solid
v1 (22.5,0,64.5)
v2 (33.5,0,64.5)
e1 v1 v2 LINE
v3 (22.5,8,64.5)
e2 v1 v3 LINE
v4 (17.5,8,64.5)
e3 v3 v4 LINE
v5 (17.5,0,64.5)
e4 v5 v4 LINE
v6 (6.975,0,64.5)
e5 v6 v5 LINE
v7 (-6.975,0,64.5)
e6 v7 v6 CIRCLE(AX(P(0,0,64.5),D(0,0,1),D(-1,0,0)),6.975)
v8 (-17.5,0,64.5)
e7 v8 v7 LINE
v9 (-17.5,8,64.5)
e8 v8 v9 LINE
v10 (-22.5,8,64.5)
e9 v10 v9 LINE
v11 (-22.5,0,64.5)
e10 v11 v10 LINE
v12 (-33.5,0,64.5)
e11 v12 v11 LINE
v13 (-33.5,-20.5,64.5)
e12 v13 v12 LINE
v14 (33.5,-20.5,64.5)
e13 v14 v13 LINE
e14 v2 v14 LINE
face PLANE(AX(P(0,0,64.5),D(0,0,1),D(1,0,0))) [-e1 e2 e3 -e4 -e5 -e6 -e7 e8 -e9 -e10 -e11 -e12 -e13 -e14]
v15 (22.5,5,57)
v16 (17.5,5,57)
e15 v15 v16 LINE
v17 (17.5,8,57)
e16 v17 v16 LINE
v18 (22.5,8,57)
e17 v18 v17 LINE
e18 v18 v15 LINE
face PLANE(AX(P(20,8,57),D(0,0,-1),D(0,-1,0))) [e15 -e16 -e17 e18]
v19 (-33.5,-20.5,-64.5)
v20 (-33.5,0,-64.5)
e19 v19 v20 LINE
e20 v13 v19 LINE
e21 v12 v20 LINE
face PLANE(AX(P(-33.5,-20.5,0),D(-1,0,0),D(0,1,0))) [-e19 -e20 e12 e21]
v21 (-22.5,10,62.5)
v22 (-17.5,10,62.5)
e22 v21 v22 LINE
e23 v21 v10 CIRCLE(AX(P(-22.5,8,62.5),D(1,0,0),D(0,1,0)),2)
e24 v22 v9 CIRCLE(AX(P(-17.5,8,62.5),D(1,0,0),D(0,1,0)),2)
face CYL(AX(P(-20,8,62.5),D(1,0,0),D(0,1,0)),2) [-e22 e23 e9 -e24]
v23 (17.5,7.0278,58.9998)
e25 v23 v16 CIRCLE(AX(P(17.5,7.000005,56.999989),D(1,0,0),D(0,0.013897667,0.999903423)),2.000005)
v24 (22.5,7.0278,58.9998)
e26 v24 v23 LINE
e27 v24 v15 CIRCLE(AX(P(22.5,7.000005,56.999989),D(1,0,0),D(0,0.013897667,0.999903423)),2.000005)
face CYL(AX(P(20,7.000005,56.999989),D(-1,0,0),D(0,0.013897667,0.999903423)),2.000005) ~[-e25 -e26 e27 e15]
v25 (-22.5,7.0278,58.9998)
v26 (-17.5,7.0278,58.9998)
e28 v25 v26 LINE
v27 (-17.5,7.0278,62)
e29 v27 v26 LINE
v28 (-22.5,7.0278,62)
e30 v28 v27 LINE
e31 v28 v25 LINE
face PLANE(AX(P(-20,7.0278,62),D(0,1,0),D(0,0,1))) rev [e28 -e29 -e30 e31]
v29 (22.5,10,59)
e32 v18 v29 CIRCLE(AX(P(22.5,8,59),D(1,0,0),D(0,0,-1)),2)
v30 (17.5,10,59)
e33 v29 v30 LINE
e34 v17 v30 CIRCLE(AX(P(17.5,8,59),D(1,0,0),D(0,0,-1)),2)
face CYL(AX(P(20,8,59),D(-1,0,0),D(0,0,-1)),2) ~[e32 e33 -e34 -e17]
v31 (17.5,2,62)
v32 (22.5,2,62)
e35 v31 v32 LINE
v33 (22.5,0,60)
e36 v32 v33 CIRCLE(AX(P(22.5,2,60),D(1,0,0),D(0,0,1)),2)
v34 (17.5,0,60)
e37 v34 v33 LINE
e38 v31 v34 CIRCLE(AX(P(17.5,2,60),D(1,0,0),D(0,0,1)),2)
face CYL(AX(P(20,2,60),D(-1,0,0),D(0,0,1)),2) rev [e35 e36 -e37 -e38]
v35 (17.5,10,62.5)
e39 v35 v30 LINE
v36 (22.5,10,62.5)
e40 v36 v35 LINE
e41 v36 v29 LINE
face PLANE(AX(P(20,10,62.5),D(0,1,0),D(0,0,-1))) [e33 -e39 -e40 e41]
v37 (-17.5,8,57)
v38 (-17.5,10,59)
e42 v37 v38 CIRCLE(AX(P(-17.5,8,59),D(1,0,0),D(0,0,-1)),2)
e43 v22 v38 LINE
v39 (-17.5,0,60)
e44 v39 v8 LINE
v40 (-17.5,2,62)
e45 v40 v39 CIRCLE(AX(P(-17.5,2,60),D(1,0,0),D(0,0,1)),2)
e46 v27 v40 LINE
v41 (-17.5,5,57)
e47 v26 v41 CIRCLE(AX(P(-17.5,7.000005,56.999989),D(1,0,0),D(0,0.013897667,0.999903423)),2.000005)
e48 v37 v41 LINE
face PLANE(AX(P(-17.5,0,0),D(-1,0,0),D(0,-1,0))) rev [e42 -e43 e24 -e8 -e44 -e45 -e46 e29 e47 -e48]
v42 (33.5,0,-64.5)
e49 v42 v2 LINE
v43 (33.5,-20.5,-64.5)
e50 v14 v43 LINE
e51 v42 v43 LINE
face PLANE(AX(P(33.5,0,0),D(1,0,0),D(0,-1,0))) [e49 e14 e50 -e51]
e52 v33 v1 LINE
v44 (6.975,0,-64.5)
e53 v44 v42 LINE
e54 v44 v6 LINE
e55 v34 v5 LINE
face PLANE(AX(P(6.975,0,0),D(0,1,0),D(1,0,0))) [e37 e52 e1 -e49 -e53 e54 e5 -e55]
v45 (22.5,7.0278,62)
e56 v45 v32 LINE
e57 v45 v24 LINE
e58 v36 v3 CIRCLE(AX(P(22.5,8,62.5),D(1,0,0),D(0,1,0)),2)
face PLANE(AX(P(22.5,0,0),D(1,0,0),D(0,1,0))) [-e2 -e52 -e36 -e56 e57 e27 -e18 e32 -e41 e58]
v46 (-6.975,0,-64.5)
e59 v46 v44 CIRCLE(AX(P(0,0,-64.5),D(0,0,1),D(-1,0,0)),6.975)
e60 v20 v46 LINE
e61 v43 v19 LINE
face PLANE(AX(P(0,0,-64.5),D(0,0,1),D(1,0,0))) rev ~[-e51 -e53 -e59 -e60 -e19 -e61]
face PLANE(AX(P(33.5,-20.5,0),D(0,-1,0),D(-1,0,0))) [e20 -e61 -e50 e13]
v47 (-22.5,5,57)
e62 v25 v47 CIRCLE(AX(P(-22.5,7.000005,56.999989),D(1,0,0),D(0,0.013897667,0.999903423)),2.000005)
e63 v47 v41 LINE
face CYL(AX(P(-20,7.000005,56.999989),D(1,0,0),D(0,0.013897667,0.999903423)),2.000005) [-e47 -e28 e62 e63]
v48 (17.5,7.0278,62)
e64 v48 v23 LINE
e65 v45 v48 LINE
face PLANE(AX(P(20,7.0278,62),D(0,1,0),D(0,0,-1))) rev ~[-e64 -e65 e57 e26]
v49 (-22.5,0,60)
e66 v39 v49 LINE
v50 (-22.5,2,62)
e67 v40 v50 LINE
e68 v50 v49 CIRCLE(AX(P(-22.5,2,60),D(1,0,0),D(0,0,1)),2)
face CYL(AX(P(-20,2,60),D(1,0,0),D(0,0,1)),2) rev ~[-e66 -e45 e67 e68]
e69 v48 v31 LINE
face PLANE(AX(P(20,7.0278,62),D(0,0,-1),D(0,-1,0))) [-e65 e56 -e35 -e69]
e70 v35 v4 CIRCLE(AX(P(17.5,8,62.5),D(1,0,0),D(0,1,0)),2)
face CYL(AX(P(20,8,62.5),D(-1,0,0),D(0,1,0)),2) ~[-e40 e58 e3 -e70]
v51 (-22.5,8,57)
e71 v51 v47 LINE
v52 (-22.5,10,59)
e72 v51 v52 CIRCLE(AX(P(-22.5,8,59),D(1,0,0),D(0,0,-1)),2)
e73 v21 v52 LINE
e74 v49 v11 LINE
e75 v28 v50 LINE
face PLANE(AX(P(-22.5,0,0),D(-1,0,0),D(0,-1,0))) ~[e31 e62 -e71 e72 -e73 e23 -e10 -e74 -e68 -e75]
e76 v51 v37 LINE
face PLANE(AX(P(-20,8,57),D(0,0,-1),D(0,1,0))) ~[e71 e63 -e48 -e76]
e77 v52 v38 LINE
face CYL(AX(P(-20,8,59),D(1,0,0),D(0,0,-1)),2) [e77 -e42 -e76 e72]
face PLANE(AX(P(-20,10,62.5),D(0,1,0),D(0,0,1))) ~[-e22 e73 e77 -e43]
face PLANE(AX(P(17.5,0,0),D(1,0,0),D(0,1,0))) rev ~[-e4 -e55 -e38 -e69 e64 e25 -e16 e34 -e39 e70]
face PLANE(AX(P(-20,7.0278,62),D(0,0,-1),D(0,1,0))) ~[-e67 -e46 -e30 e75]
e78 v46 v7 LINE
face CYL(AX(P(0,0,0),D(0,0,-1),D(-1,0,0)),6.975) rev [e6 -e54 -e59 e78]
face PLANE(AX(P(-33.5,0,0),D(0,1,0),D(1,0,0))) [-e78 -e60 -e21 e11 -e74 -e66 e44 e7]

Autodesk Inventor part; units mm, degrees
ref_plane "XZ Plane" through (0, 0, 0) normal (0, 1, 0) x (-1, 0, 0)
ref_plane "XY Plane" through (0, 0, 0) normal (0, 0, 1) x (1, 0, 0)
sketch "Sketch1" plane through (0, 0, 0) normal (0, 0, 1) x (1, 0, 0)
  line L0 (0, 0) -> (0, 44.0101) construction
  line L1 (33.5, 0) -> (33.5, -20.5)
  line L2 (33.5, -20.5) -> (-33.5, -20.5)
  line L3 (-33.5, -20.5) -> (-33.5, 0)
  arc A0 (-6.975, 0) -> (6.975, 0) centre (0, 0) ccw
  line L4 (-33.5, 0) -> (-6.975, 0)
  line L5 (6.975, 0) -> (33.5, 0)
  dimension "d0" = 67
  dimension "d1" = 20.5
  dimension "d2" = 6.975
extrude "Extrusion1" add sketch "Sketch1" along normal mid plane 129
ref_plane "Work Plane1" through (20, 0, 0) normal (1, 0, 0) x (0, 1, 0)
sketch "Sketch2" plane through (20, 0, 0) normal (1, 0, 0) x (0, 1, 0)
  line L0 (-6.975, 64.5) -> (0, 64.5) projected
  line L1 (0, 64.5) -> (8, 64.5)
  line L2 (7.0278, 62) -> (2, 62)
  line L3 (10, 62.5) -> (10, 59)
  line L4 (8, 57) -> (5, 57)
  arc A0 (7.0278, 58.9998) -> (5, 57) centre (7, 57) ccw
  line L5 (7.0278, 62) -> (7.0278, 58.9998)
  line L6 (0, -64.5) -> (0, 64.5) projected
  arc A1 (2, 62) -> (0, 60) centre (2, 60) ccw
  arc A2 (10, 62.5) -> (8, 64.5) centre (8, 62.5) ccw
  arc A3 (8, 57) -> (10, 59) centre (8, 59) ccw
  point P0 (0, 0)
  point P1 (10, 64.5)
  point P2 (0.0278, 62)
  point P3 (10, 57)
  dimension "d6" = 10
  dimension "d8" = 2.5
  dimension "d12" = 7
  dimension "d13" = 7.5
  dimension "d14" = 5
  dimension "d15" = 2
  dimension "d16" = 2
  dimension "d19" = 2
extrude "Extrusion2" add sketch "Sketch2" along normal mid plane 5
mirror "Mirror1" about plane through (0, 0, 0) normal (1, 0, 0) of "Extrusion2"
properties part number "Laser_Pen_Housing"
